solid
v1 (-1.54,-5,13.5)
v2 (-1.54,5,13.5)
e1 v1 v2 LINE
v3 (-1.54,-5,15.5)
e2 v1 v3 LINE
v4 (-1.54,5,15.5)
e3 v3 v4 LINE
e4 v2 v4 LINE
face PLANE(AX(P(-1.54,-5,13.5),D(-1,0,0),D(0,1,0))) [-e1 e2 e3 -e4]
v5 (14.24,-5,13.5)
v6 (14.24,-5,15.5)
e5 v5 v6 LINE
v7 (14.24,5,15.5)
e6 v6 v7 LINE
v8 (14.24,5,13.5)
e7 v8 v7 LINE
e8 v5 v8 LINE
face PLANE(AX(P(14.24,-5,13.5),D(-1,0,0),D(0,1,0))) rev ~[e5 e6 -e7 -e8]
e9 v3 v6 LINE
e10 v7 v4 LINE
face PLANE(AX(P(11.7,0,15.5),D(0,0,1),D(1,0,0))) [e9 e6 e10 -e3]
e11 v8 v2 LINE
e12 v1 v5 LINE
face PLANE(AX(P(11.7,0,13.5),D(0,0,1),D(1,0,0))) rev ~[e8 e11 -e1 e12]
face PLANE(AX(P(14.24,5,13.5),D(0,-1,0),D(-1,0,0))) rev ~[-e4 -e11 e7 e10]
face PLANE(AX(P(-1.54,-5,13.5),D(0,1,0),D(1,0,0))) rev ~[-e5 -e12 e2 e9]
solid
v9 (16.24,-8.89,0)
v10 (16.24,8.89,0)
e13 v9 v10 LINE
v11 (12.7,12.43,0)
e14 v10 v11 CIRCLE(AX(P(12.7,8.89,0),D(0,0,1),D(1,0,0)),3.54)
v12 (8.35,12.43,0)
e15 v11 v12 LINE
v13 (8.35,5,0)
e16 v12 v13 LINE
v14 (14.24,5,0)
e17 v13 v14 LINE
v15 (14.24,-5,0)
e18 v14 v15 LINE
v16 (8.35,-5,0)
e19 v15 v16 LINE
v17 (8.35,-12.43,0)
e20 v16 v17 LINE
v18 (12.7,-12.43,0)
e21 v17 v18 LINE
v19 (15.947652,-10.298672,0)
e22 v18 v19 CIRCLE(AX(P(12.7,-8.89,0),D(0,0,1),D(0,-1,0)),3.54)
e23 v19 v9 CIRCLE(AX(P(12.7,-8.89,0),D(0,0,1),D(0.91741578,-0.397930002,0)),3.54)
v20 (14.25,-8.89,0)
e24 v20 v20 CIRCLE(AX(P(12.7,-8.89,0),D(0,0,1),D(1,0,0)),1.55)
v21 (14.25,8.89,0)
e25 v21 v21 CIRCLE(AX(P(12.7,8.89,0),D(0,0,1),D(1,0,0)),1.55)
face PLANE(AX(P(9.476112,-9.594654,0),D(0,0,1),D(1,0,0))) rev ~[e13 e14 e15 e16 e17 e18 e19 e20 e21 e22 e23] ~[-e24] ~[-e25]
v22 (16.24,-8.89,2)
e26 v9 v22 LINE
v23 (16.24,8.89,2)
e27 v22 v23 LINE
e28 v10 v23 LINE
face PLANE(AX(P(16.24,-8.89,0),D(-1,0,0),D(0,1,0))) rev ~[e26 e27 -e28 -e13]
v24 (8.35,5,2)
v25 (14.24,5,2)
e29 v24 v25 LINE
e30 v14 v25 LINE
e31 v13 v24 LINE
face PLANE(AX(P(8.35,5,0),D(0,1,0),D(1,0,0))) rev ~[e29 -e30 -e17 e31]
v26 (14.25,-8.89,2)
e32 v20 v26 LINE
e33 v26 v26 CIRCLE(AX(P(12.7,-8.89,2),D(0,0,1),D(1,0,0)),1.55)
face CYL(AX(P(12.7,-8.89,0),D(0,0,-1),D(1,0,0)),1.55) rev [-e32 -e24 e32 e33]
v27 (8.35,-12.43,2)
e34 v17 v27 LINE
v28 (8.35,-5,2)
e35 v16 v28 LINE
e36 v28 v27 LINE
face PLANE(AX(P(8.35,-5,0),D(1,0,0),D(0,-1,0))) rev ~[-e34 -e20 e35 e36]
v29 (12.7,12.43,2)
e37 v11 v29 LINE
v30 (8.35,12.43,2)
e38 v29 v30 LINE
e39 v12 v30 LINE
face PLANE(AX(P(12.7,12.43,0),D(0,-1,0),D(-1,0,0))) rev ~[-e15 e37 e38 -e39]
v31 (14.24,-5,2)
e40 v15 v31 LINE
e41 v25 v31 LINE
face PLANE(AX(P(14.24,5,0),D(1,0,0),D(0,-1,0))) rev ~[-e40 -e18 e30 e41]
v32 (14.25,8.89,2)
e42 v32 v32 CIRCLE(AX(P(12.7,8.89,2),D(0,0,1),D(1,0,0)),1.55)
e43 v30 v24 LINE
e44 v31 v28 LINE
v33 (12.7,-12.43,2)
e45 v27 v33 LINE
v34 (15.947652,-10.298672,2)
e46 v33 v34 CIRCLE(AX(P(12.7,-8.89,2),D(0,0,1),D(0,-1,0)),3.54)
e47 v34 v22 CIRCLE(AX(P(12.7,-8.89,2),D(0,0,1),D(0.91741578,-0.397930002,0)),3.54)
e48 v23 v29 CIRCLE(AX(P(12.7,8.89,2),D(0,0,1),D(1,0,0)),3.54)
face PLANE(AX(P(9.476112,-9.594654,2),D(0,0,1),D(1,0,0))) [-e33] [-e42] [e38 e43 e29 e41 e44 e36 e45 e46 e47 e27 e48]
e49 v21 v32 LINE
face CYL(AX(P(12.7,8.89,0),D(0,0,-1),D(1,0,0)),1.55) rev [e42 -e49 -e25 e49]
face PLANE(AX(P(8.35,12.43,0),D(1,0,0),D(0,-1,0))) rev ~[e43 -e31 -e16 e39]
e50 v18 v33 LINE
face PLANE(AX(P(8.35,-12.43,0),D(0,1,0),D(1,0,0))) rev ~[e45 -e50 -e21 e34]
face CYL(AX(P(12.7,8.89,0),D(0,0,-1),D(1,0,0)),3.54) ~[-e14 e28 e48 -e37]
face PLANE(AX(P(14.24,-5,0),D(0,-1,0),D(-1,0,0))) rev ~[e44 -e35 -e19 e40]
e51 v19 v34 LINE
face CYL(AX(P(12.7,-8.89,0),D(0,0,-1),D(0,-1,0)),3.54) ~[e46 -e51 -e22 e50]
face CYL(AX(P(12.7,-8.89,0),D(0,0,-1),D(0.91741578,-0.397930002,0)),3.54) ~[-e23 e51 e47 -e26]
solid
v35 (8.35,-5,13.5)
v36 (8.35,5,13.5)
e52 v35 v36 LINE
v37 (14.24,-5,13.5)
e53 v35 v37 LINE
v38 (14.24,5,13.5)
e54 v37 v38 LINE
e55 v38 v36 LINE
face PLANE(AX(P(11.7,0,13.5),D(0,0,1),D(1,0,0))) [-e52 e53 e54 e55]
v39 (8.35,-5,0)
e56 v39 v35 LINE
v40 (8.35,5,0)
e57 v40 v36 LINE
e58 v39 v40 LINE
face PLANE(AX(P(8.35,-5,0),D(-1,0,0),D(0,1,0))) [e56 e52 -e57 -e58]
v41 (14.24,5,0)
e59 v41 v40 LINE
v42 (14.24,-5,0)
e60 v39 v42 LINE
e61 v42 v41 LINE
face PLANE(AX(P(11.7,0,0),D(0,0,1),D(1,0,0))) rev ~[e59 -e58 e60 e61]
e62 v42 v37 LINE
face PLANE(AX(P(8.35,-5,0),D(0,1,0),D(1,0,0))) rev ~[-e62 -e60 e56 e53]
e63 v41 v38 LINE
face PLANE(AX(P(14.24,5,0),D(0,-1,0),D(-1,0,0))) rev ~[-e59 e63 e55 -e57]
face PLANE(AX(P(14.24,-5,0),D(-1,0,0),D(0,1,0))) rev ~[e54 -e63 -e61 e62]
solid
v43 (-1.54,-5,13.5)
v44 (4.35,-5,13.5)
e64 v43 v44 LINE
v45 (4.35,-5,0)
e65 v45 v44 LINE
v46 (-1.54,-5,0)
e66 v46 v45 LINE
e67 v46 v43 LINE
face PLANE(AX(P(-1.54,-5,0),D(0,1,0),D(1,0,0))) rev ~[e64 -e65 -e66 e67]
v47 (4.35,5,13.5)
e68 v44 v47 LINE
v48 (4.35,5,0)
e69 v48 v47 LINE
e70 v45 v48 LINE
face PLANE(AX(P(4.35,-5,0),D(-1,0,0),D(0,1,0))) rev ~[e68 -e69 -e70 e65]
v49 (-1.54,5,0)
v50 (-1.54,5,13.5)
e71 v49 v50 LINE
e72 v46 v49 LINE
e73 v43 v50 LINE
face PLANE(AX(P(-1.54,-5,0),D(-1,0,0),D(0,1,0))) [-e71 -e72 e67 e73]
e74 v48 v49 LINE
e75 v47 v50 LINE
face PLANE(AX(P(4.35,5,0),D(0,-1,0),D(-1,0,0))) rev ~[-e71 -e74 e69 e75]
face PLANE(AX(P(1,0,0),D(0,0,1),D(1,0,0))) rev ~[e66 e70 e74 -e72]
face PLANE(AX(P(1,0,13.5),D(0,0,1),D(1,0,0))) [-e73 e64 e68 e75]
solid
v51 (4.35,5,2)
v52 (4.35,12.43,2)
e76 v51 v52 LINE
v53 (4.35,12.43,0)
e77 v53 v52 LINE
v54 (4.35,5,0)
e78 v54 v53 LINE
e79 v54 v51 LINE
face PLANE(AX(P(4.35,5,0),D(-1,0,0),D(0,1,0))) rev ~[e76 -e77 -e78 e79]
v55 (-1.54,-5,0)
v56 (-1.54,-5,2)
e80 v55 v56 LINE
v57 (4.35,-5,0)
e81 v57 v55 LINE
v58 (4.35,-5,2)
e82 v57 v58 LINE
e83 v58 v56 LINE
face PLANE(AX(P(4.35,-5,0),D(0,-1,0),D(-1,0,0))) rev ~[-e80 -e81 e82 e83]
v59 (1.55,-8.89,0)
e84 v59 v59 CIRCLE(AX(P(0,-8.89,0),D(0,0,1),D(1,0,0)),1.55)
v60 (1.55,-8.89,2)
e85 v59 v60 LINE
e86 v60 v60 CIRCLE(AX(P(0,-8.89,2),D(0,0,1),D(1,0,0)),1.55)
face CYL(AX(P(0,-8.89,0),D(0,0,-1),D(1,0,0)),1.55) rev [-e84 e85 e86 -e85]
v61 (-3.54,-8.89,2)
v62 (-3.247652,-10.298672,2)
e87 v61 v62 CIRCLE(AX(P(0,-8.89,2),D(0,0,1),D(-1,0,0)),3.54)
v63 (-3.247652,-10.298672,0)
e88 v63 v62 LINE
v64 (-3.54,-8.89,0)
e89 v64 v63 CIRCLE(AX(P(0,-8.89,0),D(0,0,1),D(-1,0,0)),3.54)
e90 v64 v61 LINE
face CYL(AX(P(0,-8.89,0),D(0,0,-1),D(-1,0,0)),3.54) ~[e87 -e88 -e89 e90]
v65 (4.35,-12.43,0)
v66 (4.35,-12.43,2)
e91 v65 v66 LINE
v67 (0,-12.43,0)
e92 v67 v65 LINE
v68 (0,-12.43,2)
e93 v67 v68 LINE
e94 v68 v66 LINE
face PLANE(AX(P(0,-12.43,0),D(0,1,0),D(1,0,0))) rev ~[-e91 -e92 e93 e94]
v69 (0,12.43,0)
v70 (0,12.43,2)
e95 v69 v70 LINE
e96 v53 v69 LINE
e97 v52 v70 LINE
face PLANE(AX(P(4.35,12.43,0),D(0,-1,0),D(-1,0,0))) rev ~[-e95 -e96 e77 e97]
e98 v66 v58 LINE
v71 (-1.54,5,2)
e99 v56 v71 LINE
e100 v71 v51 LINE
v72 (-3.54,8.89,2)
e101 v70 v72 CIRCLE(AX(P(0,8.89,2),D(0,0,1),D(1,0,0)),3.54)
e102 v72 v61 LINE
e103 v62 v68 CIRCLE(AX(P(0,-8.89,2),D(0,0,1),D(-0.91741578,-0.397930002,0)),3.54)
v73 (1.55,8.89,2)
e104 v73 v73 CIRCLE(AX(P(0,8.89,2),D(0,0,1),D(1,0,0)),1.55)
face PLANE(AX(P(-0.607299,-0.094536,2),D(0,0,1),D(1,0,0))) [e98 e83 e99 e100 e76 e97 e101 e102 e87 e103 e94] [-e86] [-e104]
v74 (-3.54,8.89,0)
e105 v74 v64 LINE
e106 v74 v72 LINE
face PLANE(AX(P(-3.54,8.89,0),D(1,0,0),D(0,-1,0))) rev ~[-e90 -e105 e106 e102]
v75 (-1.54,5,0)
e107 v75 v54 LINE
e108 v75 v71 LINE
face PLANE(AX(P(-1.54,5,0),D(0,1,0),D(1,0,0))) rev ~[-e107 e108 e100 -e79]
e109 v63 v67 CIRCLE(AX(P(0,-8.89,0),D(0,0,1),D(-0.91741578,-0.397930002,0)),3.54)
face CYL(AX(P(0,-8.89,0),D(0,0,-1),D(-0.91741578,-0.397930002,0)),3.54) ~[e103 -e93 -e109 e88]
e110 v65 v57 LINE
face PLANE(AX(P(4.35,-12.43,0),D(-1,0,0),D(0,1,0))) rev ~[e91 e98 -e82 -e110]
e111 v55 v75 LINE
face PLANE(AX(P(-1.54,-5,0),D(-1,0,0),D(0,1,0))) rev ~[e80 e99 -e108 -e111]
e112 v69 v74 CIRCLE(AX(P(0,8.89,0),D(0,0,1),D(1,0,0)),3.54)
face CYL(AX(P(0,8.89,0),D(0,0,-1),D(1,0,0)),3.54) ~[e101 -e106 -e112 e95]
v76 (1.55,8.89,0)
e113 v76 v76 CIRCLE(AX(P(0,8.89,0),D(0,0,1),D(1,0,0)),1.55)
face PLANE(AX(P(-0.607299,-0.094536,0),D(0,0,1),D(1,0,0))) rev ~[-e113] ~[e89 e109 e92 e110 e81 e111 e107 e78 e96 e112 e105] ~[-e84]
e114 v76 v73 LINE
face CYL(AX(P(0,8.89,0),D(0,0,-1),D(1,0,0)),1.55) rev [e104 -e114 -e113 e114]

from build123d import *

# Parameters (mm, degrees)
F0_R     = 1.55
F1_DEPTH = 2
F0_W     = 5.08
F0_H     = 10
F0_W_2   = 0.81
F2_DEPTH = 13.5
F3_START = 13.5
F0_W_3   = 4
F3_DEPTH = 2


with BuildPart() as f1:
    # F0 (on Top) → F1 (new body)
    with BuildSketch(Plane.XY):
        with BuildLine():
            ThreePointArc((0, -12.43), (2.5031580054, -11.3931580054), (3.54, -8.89))
            Line((3.54, -8.89), (3.54, -5))
            Line((3.54, -5), (-1.54, -5))
            Line((-1.54, -5), (-1.54, 5))
            Line((-1.54, 5), (3.54, 5))
            Line((3.54, 5), (3.54, 8.89))
            ThreePointArc((3.54, 8.89), (2.5031580054, 11.3931580054), (0, 12.43))
            ThreePointArc((0, 12.43), (-2.5031580054, 11.3931580054), (-3.54, 8.89))
            Line((-3.54, 8.89), (-3.54, -8.89))
            ThreePointArc((-3.54, -8.89), (-3.4661424948, -9.6093442887), (-3.2476518612, -10.2986722077))
            ThreePointArc((-3.2476518612, -10.2986722077), (-1.9422796381, -11.8495860872), (0, -12.43))
        make_face()
        with Locations((0, -8.89)):
            Circle(F0_R, mode=Mode.SUBTRACT)
        with Locations((0, 8.89)):
            Circle(F0_R, mode=Mode.SUBTRACT)
        with BuildLine():
            Line((3.54, 8.89), (3.54, 5))
            Line((3.54, 5), (4.35, 5))
            Line((4.35, 5), (4.35, 12.43))
            Line((4.35, 12.43), (0, 12.43))
            ThreePointArc((0, 12.43), (2.5031580054, 11.3931580054), (3.54, 8.89))
        make_face()
        with BuildLine():
            Line((3.54, -5), (3.54, -8.89))
            ThreePointArc((3.54, -8.89), (2.5031580054, -11.3931580054), (0, -12.43))
            Line((0, -12.43), (4.35, -12.43))
            Line((4.35, -12.43), (4.35, -5))
            Line((4.35, -5), (3.54, -5))
        make_face()
    extrude(amount=F1_DEPTH)


with BuildPart() as f1b:
    # F0 (on Top) → F1, piece 2 (new body)
    with BuildSketch(Plane.XY):
        with BuildLine():
            Line((9.16, -5), (8.35, -5))
            Line((8.35, -5), (8.35, -12.43))
            Line((8.35, -12.43), (12.7, -12.43))
            ThreePointArc((12.7, -12.43), (10.1968419946, -11.3931580054), (9.16, -8.89))
            Line((9.16, -8.89), (9.16, -5))
        make_face()
        with BuildLine():
            Line((14.24, -5), (9.16, -5))
            Line((9.16, -5), (9.16, -8.89))
            ThreePointArc((9.16, -8.89), (10.1968419946, -11.3931580054), (12.7, -12.43))
            ThreePointArc((12.7, -12.43), (14.6422796381, -11.8495860872), (15.9476518612, -10.2986722077))
            ThreePointArc((15.9476518612, -10.2986722077), (16.1661424948, -9.6093442887), (16.24, -8.89))
            Line((16.24, -8.89), (16.24, 8.89))
            ThreePointArc((16.24, 8.89), (15.2031580054, 11.3931580054), (12.7, 12.43))
            ThreePointArc((12.7, 12.43), (10.1968419946, 11.3931580054), (9.16, 8.89))
            Line((9.16, 8.89), (9.16, 5))
            Line((9.16, 5), (14.24, 5))
            Line((14.24, 5), (14.24, -5))
        make_face()
        with Locations((12.7, -8.89)):
            Circle(F0_R, mode=Mode.SUBTRACT)
        with Locations((12.7, 8.89)):
            Circle(F0_R, mode=Mode.SUBTRACT)
        with BuildLine():
            Line((8.35, 12.43), (8.35, 5))
            Line((8.35, 5), (9.16, 5))
            Line((9.16, 5), (9.16, 8.89))
            ThreePointArc((9.16, 8.89), (10.1968419946, 11.3931580054), (12.7, 12.43))
            Line((12.7, 12.43), (8.35, 12.43))
        make_face()
    extrude(amount=F1_DEPTH)


with BuildPart() as f2:
    # F0 (on Top) → F2 (new body)
    with BuildSketch(Plane.XY):
        with Locations((1, 0)):
            Rectangle(F0_W, F0_H)
        with Locations((3.945, 0)):
            Rectangle(F0_W_2, F0_H)
    extrude(amount=F2_DEPTH)


with BuildPart() as f2b:
    # F0 (on Top) → F2, piece 2 (new body)
    with BuildSketch(Plane.XY):
        with Locations((11.7, 0)):
            Rectangle(F0_W, F0_H)
        with Locations((8.755, 0)):
            Rectangle(F0_W_2, F0_H)
    extrude(amount=F2_DEPTH)


with BuildPart() as f3:
    # F0 (on Top) → F3 (new body)
    with BuildSketch(Plane.XY.offset(F3_START)):
        with Locations((11.7, 0)):
            Rectangle(F0_W, F0_H)
        with Locations((6.35, 0)):
            Rectangle(F0_W_3, F0_H)
        with Locations((1, 0)):
            Rectangle(F0_W, F0_H)
        with Locations((3.945, 0)):
            Rectangle(F0_W_2, F0_H)
        with Locations((8.755, 0)):
            Rectangle(F0_W_2, F0_H)
    extrude(amount=F3_DEPTH)


solid = Compound([f1.part, f1b.part, f2.part, f2b.part, f3.part])
